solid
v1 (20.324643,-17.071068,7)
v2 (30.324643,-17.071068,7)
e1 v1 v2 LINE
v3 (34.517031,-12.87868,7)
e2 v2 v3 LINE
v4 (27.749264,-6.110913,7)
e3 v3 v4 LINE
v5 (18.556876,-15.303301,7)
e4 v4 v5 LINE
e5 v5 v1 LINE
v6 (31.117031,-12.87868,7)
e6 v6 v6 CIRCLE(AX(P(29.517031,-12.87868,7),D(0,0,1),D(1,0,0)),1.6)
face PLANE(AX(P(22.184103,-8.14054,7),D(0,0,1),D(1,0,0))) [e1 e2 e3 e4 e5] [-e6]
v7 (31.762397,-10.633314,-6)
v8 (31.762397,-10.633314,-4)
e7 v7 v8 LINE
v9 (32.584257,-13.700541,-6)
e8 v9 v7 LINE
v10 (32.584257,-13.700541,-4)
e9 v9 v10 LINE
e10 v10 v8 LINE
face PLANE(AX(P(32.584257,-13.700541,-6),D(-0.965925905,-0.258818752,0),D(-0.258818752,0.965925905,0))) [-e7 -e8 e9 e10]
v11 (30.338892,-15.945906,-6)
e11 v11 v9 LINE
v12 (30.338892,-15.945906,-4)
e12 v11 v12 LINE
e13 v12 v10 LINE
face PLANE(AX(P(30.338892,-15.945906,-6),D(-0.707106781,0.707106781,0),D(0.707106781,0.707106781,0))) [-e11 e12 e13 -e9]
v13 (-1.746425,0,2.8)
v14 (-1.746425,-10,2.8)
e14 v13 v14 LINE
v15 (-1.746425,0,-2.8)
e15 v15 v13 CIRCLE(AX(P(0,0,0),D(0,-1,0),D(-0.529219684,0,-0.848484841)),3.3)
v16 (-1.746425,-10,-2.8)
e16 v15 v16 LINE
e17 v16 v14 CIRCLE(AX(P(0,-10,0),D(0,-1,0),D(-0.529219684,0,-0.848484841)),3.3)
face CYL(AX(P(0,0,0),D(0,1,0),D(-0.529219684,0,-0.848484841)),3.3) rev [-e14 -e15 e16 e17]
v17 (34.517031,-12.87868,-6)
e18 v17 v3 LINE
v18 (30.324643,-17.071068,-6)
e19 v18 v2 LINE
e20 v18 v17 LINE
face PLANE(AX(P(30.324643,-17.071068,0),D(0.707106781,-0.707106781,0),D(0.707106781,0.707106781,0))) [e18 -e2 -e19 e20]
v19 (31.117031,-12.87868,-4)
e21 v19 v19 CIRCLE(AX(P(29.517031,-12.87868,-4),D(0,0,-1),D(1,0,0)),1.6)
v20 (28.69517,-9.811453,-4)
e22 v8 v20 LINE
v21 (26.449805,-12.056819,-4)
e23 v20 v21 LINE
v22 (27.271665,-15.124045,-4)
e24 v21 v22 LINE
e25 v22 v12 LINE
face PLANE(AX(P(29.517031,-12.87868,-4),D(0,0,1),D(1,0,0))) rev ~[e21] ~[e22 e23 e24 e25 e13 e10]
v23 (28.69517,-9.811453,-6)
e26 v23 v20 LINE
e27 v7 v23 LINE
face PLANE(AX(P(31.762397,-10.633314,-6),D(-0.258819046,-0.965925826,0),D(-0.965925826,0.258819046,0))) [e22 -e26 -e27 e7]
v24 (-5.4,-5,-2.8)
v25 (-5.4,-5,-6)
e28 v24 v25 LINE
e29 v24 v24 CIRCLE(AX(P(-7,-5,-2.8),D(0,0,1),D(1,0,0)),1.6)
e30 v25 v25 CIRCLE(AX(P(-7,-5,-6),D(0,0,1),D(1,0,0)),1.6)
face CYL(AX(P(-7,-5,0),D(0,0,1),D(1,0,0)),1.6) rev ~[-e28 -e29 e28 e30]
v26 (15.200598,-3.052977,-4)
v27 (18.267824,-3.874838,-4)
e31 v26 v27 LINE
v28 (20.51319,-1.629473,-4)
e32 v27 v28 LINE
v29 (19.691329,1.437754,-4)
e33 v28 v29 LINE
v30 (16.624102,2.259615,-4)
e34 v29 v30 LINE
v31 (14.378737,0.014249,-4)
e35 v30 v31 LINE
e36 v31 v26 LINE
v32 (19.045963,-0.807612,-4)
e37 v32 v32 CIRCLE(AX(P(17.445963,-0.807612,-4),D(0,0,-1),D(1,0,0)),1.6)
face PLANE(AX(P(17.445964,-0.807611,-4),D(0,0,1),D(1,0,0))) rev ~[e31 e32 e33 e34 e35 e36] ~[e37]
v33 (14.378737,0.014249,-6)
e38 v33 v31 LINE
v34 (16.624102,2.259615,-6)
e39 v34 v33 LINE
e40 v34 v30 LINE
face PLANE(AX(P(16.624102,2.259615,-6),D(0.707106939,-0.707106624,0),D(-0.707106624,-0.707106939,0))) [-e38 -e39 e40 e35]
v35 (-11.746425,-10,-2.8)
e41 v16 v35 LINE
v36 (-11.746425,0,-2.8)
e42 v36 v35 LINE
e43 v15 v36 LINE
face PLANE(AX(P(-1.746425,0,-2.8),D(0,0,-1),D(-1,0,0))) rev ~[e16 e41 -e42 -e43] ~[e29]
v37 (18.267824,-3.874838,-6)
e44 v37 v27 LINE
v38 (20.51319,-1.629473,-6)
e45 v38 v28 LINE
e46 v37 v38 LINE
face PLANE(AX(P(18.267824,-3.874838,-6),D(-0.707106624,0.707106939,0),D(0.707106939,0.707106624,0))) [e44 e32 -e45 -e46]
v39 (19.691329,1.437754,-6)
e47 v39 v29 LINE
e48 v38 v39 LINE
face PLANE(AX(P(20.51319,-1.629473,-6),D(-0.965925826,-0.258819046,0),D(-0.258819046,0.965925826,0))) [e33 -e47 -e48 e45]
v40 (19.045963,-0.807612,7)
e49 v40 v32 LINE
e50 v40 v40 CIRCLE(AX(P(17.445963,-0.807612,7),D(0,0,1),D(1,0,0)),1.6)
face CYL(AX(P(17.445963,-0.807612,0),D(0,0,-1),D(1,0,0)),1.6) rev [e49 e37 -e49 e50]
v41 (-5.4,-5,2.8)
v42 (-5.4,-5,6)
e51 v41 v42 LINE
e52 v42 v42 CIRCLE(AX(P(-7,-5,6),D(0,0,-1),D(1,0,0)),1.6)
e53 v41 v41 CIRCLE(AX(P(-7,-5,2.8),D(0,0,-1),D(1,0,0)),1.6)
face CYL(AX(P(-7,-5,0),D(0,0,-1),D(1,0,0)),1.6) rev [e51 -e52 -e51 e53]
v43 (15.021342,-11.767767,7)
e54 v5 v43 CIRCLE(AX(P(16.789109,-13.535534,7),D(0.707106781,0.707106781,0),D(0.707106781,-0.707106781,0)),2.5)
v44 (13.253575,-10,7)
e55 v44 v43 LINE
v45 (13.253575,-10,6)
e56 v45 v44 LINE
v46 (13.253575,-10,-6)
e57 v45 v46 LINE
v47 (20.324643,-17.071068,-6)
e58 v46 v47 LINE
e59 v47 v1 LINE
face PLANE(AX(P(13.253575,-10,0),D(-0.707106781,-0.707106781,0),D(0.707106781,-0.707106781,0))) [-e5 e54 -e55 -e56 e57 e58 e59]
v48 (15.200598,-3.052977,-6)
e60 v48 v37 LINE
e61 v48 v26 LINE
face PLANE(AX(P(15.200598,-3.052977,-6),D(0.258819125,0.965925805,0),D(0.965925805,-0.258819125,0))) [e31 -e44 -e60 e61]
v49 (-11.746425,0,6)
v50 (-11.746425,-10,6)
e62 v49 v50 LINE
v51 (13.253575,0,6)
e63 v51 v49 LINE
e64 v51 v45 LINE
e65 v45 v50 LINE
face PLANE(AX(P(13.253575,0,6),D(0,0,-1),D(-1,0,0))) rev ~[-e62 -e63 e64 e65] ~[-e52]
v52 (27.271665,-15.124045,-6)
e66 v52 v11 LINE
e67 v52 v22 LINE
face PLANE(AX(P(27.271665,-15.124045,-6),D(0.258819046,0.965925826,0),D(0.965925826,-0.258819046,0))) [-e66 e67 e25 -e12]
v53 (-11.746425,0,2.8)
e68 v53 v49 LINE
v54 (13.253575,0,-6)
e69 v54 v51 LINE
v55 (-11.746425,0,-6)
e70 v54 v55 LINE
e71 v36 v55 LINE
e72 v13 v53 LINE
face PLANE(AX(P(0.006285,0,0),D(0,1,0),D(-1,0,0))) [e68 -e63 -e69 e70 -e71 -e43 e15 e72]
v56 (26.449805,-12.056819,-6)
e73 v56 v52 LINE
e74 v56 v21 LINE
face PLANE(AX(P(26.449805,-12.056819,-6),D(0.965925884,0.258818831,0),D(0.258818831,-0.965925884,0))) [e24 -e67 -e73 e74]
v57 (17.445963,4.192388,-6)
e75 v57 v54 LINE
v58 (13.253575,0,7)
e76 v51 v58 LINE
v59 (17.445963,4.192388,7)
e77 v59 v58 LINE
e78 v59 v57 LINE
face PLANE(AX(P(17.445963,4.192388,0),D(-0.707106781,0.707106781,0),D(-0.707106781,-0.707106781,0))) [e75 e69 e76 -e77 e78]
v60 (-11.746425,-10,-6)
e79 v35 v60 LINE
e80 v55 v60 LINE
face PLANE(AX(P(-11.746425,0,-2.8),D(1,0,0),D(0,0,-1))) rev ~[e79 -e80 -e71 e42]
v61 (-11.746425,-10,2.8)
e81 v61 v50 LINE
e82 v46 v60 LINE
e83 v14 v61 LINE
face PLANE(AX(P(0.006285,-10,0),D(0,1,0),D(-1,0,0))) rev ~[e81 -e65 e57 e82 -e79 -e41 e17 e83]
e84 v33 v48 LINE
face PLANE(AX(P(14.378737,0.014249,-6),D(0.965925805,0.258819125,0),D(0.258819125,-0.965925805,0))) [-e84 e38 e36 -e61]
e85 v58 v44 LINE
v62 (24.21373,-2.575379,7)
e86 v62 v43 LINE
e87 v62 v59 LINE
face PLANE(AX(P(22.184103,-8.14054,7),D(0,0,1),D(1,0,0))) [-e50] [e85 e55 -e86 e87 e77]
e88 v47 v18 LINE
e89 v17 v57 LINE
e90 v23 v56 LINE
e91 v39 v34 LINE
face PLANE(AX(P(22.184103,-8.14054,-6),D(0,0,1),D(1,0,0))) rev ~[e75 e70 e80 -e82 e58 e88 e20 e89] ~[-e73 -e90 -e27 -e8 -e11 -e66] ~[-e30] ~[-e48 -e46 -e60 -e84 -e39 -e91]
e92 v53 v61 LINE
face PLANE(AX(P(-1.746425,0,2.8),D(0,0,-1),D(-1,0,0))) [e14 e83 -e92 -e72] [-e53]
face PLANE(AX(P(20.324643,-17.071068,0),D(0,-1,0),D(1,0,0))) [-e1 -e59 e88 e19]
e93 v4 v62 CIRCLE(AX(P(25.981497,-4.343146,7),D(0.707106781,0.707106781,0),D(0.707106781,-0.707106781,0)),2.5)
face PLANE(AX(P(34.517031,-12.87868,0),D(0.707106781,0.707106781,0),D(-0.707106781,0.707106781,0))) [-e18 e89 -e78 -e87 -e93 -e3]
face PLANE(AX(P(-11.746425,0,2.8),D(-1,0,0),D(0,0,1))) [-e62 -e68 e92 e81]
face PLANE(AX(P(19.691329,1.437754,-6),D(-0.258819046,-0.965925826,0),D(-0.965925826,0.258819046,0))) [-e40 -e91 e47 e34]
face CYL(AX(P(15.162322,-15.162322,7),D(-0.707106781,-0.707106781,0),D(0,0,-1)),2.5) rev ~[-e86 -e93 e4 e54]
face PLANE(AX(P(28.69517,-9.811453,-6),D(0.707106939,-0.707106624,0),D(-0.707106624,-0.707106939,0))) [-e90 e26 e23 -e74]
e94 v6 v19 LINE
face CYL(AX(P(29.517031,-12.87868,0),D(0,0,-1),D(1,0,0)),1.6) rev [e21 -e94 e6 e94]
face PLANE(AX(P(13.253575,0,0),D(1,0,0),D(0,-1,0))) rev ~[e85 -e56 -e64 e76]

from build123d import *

# Parameters (mm, degrees)
PAD_DEPTH            = 10
SKETCH_R             = 1.6
PAD001_DEPTH         = 7
PAD001_DEPTH_BACK    = 6
SKETCH004_R          = 2.5
POCKET_DEPTH         = 27.372693
POCKET001_DEPTH      = 2
SKETCH006_R          = 1.6
POCKET002_DEPTH      = 6.001
POCKET002_DEPTH_BACK = -7.001


with BuildPart() as part:
    # Sketch003 → Pad (new body)
    with BuildSketch(Plane.XZ):
        with BuildLine():
            Line((13.253575, -6), (-11.746425, -6))
            Line((-11.746425, -2.8), (-11.746425, -6))
            Line((-1.746425, -2.8), (-11.746425, -2.8))
            ThreePointArc((-1.746425, -2.8), (3.3, 0), (-1.746425, 2.8))
            Line((-1.746425, 2.8), (-11.746425, 2.8))
            Line((-11.746425, 2.8), (-11.746425, 6))
            Line((13.253575, 6), (-11.746425, 6))
            Line((13.253575, 6), (13.253575, 0))
            Line((13.253575, 0), (13.253575, -6))
        make_face()
    extrude(amount=PAD_DEPTH)

    # Sketch → Pad001 (join, two sides)
    with BuildSketch(Plane.XY) as pad001_sk:
        Polygon((13.253575, -10), (20.324643, -17.071068), (30.324643, -17.071068), (34.517031, -12.87868), (17.445963, 4.192388), (13.253575, 0), align=None)
        with Locations((17.445963, -0.807612)):
            Circle(SKETCH_R, mode=Mode.SUBTRACT)
        with Locations((29.517031, -12.87868)):
            Circle(SKETCH_R, mode=Mode.SUBTRACT)
    extrude(amount=PAD001_DEPTH)
    extrude(pad001_sk.sketch, amount=-PAD001_DEPTH_BACK)

    # Sketch004 (on DatumPlane) → Pocket (cut, through all)
    with BuildSketch(Plane(origin=(0, 0, 3.5), x_dir=(0, 0, -1), z_dir=(-0.707107, -0.707107, 0))):
        with Locations((-3.5, 21.442761)):
            Circle(SKETCH004_R)
    extrude(amount=-POCKET_DEPTH, mode=Mode.SUBTRACT)

    # Sketch005 (on DatumPlane) → Pocket001 (cut)
    with BuildSketch(Plane.XY.offset(-6)):
        Polygon((18.267824, -3.874838), (20.51319, -1.629473), (19.691329, 1.437754), (16.624102, 2.259615), (14.378737, 0.014249), (15.200598, -3.052977), align=None)
        Polygon((30.338892, -15.945906), (32.584257, -13.700541), (31.762397, -10.633314), (28.69517, -9.811453), (26.449805, -12.056819), (27.271665, -15.124045), align=None)
    extrude(amount=POCKET001_DEPTH, mode=Mode.SUBTRACT)

    # Sketch006 → Pocket002 (cut, two sides)
    with BuildSketch(Plane.XY) as pocket002_sk:
        with Locations((-7, -5)):
            Circle(SKETCH006_R)
    extrude(amount=-POCKET002_DEPTH, mode=Mode.SUBTRACT)
    extrude(pocket002_sk.sketch, amount=-POCKET002_DEPTH_BACK, mode=Mode.SUBTRACT)


solid = part.part
